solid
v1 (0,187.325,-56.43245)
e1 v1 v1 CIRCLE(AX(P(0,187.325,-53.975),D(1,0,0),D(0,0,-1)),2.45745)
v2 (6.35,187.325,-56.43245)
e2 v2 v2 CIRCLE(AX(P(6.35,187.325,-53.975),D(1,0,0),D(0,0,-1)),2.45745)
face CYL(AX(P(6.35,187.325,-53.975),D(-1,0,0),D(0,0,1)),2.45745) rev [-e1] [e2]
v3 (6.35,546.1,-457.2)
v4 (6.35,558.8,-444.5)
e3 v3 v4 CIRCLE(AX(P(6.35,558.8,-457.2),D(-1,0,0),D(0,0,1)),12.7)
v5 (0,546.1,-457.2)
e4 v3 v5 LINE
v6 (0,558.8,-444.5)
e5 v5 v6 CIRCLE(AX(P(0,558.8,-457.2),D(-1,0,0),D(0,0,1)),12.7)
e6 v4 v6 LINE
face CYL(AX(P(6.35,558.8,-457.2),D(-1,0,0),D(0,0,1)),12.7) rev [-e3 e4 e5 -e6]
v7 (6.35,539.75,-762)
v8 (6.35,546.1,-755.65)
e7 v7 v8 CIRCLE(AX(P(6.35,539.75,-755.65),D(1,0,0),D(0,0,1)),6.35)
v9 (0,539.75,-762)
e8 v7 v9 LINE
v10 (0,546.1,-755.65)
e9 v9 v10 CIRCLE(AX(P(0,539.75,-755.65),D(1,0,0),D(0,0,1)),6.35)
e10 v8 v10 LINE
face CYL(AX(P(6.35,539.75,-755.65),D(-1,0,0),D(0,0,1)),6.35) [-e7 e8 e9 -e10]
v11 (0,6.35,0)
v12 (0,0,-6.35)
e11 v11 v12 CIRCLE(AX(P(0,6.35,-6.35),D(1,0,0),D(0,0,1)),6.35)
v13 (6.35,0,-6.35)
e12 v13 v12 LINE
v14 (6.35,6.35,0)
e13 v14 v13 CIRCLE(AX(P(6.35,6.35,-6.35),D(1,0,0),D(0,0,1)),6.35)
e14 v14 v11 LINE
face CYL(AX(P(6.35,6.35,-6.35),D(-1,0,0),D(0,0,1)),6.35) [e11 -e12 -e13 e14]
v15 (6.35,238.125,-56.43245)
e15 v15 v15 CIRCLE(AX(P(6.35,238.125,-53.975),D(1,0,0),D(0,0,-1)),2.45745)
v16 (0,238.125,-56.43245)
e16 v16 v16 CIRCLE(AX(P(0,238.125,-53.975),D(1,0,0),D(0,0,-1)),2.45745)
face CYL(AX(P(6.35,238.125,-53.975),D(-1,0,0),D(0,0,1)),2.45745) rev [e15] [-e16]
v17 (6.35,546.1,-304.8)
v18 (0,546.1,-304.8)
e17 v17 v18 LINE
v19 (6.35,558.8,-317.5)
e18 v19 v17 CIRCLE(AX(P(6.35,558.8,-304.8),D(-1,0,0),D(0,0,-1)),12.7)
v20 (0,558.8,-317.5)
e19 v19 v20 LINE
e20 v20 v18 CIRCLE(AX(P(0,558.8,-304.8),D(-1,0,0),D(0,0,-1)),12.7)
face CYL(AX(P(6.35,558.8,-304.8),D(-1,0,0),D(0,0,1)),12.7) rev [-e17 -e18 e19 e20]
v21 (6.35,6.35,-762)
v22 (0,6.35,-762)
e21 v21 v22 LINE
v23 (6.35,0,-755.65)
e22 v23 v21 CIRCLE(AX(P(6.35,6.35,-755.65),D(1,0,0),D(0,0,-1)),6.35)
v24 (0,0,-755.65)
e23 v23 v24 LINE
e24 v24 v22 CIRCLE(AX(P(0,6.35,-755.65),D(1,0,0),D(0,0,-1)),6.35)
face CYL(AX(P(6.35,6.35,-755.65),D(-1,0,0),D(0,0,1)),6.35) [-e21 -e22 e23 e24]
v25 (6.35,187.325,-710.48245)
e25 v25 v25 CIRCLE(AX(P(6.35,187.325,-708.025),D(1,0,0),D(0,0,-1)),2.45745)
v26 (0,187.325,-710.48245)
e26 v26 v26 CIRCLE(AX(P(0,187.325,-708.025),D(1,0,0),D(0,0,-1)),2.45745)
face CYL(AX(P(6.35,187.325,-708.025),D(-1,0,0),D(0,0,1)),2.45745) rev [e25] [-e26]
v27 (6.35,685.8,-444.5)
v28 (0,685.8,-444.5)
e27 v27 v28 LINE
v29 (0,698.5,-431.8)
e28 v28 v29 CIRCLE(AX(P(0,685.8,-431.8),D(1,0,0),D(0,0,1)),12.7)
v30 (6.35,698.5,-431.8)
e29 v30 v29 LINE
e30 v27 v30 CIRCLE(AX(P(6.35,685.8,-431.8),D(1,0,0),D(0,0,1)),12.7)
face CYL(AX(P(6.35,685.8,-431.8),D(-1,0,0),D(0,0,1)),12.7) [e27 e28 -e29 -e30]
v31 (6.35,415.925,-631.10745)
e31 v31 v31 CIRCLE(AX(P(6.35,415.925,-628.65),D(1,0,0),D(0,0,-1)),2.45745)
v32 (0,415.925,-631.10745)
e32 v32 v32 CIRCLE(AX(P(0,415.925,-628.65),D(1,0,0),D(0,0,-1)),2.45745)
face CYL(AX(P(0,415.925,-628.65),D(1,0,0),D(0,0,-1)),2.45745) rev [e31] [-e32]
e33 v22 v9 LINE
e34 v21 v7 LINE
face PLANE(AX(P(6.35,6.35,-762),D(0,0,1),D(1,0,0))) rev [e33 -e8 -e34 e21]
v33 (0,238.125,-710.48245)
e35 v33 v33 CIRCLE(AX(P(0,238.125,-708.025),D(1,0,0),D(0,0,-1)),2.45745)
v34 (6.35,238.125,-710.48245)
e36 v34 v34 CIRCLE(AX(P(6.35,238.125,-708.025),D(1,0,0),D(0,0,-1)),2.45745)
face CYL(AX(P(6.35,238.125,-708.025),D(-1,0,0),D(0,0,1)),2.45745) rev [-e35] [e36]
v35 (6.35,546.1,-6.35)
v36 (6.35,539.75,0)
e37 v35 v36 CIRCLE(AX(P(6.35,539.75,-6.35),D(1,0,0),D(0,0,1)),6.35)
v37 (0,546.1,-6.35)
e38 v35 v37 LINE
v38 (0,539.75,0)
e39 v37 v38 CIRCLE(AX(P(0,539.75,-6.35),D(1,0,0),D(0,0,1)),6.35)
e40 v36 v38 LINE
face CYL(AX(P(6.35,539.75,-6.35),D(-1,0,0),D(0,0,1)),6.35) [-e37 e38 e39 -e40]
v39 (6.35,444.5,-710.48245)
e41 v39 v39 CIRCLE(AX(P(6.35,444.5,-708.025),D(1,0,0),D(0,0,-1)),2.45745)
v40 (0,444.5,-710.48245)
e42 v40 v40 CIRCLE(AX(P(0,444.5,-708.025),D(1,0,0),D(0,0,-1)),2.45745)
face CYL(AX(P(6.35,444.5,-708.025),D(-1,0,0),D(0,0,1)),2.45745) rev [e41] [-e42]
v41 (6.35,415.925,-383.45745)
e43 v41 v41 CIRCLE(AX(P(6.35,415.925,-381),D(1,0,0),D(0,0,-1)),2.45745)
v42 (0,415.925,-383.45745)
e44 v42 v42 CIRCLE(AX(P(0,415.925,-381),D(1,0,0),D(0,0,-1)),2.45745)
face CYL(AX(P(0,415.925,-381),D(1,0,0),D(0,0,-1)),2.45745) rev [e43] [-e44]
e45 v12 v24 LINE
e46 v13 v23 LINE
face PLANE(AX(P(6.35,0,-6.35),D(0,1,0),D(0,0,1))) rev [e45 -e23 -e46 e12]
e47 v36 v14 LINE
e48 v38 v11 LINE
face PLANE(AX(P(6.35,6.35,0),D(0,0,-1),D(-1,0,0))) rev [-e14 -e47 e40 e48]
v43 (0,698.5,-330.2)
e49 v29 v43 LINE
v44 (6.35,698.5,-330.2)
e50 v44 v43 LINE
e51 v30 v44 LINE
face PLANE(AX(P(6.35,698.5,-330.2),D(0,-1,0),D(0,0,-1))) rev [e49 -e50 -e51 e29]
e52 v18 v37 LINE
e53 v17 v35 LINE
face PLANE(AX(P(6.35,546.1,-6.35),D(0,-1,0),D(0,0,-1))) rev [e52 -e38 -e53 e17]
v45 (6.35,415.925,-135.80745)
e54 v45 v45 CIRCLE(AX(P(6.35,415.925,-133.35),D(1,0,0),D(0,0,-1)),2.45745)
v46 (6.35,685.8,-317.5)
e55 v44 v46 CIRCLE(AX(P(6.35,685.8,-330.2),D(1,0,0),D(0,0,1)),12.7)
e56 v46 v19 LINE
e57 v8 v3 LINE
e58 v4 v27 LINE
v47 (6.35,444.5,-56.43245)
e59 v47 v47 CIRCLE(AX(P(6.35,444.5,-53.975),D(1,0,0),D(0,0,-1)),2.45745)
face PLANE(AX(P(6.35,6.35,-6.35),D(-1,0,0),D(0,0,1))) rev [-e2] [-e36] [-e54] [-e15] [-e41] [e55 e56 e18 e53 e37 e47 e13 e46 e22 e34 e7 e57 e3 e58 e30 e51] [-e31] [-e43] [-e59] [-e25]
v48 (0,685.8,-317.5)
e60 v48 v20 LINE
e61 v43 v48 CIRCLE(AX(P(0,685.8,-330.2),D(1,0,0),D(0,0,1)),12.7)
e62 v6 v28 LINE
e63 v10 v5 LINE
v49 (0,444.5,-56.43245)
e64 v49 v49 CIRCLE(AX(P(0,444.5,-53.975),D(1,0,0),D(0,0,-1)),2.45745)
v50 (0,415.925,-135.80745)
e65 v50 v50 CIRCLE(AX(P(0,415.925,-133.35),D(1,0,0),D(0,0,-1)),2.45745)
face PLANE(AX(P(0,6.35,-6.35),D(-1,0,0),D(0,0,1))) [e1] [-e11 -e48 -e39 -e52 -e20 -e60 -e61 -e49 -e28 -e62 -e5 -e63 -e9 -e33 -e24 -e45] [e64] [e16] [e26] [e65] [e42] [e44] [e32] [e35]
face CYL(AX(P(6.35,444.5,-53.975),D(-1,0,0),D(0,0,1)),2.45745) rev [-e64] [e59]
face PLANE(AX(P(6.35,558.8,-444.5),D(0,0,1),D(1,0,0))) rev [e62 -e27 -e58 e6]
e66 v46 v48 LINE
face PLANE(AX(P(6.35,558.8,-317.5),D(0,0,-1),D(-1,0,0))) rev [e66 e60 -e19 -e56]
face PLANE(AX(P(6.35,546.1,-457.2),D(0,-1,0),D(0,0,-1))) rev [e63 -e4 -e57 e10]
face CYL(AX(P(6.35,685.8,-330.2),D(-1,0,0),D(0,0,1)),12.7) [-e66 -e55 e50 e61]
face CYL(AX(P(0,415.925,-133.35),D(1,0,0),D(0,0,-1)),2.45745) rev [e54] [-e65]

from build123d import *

# Parameters (mm, degrees)
SKETCH1_R           = 2.45745
BOSS_EXTRUDE1_DEPTH = 6.35
SKETCH3_R           = 2.45745
CUT_EXTRUDE2_DEPTH  = 1034.724611538


with BuildPart() as part:
    # Sketch1 → Boss-Extrude1 (new body)
    with BuildSketch(Plane(origin=(0, 0, 0), x_dir=(0, 0, -1), z_dir=(1, 0, 0))):
        with BuildLine():
            Line((457.2, 546.1), (755.65, 546.1))
            ThreePointArc((755.65, 546.1), (760.140128061, 544.240128061), (762, 539.75))
            Line((762, 539.75), (762, 6.35))
            ThreePointArc((762, 6.35), (760.140128061, 1.859871939), (755.65, 0))
            Line((755.65, 0), (6.35, 0))
            ThreePointArc((6.35, 0), (1.859871939, 1.859871939), (0, 6.35))
            Line((0, 6.35), (0, 539.75))
            ThreePointArc((0, 539.75), (1.859871939, 544.240128061), (6.35, 546.1))
            Line((6.35, 546.1), (304.8, 546.1))
            ThreePointArc((304.8, 546.1), (313.780256121, 549.819743879), (317.5, 558.8))
            Line((317.5, 558.8), (317.5, 685.8))
            ThreePointArc((317.5, 685.8), (321.219743879, 694.780256121), (330.2, 698.5))
            Line((330.2, 698.5), (431.8, 698.5))
            ThreePointArc((431.8, 698.5), (440.780256121, 694.780256121), (444.5, 685.8))
            Line((444.5, 685.8), (444.5, 558.8))
            ThreePointArc((444.5, 558.8), (448.219743879, 549.819743879), (457.2, 546.1))
        make_face()
        with Locations((53.975, 444.5)):
            Circle(SKETCH1_R, mode=Mode.SUBTRACT)
        with Locations((708.025, 444.5)):
            Circle(SKETCH1_R, mode=Mode.SUBTRACT)
        with Locations((708.025, 238.125)):
            Circle(SKETCH1_R, mode=Mode.SUBTRACT)
        with Locations((53.975, 238.125)):
            Circle(SKETCH1_R, mode=Mode.SUBTRACT)
        with Locations((53.975, 187.325)):
            Circle(SKETCH1_R, mode=Mode.SUBTRACT)
        with Locations((708.025, 187.325)):
            Circle(SKETCH1_R, mode=Mode.SUBTRACT)
    extrude(amount=BOSS_EXTRUDE1_DEPTH)

    # Sketch3 → Cut-Extrude2 (cut, through all)
    with BuildSketch(Plane(origin=(6.35, 0, 0), x_dir=(0, 0, -1), z_dir=(1, 0, 0))):
        with Locations((133.35, 415.925)):
            Circle(SKETCH3_R)
        with Locations((381, 415.925)):
            Circle(SKETCH3_R)
        with Locations((628.65, 415.925)):
            Circle(SKETCH3_R)
    extrude(amount=-CUT_EXTRUDE2_DEPTH, mode=Mode.SUBTRACT)


solid = part.part
